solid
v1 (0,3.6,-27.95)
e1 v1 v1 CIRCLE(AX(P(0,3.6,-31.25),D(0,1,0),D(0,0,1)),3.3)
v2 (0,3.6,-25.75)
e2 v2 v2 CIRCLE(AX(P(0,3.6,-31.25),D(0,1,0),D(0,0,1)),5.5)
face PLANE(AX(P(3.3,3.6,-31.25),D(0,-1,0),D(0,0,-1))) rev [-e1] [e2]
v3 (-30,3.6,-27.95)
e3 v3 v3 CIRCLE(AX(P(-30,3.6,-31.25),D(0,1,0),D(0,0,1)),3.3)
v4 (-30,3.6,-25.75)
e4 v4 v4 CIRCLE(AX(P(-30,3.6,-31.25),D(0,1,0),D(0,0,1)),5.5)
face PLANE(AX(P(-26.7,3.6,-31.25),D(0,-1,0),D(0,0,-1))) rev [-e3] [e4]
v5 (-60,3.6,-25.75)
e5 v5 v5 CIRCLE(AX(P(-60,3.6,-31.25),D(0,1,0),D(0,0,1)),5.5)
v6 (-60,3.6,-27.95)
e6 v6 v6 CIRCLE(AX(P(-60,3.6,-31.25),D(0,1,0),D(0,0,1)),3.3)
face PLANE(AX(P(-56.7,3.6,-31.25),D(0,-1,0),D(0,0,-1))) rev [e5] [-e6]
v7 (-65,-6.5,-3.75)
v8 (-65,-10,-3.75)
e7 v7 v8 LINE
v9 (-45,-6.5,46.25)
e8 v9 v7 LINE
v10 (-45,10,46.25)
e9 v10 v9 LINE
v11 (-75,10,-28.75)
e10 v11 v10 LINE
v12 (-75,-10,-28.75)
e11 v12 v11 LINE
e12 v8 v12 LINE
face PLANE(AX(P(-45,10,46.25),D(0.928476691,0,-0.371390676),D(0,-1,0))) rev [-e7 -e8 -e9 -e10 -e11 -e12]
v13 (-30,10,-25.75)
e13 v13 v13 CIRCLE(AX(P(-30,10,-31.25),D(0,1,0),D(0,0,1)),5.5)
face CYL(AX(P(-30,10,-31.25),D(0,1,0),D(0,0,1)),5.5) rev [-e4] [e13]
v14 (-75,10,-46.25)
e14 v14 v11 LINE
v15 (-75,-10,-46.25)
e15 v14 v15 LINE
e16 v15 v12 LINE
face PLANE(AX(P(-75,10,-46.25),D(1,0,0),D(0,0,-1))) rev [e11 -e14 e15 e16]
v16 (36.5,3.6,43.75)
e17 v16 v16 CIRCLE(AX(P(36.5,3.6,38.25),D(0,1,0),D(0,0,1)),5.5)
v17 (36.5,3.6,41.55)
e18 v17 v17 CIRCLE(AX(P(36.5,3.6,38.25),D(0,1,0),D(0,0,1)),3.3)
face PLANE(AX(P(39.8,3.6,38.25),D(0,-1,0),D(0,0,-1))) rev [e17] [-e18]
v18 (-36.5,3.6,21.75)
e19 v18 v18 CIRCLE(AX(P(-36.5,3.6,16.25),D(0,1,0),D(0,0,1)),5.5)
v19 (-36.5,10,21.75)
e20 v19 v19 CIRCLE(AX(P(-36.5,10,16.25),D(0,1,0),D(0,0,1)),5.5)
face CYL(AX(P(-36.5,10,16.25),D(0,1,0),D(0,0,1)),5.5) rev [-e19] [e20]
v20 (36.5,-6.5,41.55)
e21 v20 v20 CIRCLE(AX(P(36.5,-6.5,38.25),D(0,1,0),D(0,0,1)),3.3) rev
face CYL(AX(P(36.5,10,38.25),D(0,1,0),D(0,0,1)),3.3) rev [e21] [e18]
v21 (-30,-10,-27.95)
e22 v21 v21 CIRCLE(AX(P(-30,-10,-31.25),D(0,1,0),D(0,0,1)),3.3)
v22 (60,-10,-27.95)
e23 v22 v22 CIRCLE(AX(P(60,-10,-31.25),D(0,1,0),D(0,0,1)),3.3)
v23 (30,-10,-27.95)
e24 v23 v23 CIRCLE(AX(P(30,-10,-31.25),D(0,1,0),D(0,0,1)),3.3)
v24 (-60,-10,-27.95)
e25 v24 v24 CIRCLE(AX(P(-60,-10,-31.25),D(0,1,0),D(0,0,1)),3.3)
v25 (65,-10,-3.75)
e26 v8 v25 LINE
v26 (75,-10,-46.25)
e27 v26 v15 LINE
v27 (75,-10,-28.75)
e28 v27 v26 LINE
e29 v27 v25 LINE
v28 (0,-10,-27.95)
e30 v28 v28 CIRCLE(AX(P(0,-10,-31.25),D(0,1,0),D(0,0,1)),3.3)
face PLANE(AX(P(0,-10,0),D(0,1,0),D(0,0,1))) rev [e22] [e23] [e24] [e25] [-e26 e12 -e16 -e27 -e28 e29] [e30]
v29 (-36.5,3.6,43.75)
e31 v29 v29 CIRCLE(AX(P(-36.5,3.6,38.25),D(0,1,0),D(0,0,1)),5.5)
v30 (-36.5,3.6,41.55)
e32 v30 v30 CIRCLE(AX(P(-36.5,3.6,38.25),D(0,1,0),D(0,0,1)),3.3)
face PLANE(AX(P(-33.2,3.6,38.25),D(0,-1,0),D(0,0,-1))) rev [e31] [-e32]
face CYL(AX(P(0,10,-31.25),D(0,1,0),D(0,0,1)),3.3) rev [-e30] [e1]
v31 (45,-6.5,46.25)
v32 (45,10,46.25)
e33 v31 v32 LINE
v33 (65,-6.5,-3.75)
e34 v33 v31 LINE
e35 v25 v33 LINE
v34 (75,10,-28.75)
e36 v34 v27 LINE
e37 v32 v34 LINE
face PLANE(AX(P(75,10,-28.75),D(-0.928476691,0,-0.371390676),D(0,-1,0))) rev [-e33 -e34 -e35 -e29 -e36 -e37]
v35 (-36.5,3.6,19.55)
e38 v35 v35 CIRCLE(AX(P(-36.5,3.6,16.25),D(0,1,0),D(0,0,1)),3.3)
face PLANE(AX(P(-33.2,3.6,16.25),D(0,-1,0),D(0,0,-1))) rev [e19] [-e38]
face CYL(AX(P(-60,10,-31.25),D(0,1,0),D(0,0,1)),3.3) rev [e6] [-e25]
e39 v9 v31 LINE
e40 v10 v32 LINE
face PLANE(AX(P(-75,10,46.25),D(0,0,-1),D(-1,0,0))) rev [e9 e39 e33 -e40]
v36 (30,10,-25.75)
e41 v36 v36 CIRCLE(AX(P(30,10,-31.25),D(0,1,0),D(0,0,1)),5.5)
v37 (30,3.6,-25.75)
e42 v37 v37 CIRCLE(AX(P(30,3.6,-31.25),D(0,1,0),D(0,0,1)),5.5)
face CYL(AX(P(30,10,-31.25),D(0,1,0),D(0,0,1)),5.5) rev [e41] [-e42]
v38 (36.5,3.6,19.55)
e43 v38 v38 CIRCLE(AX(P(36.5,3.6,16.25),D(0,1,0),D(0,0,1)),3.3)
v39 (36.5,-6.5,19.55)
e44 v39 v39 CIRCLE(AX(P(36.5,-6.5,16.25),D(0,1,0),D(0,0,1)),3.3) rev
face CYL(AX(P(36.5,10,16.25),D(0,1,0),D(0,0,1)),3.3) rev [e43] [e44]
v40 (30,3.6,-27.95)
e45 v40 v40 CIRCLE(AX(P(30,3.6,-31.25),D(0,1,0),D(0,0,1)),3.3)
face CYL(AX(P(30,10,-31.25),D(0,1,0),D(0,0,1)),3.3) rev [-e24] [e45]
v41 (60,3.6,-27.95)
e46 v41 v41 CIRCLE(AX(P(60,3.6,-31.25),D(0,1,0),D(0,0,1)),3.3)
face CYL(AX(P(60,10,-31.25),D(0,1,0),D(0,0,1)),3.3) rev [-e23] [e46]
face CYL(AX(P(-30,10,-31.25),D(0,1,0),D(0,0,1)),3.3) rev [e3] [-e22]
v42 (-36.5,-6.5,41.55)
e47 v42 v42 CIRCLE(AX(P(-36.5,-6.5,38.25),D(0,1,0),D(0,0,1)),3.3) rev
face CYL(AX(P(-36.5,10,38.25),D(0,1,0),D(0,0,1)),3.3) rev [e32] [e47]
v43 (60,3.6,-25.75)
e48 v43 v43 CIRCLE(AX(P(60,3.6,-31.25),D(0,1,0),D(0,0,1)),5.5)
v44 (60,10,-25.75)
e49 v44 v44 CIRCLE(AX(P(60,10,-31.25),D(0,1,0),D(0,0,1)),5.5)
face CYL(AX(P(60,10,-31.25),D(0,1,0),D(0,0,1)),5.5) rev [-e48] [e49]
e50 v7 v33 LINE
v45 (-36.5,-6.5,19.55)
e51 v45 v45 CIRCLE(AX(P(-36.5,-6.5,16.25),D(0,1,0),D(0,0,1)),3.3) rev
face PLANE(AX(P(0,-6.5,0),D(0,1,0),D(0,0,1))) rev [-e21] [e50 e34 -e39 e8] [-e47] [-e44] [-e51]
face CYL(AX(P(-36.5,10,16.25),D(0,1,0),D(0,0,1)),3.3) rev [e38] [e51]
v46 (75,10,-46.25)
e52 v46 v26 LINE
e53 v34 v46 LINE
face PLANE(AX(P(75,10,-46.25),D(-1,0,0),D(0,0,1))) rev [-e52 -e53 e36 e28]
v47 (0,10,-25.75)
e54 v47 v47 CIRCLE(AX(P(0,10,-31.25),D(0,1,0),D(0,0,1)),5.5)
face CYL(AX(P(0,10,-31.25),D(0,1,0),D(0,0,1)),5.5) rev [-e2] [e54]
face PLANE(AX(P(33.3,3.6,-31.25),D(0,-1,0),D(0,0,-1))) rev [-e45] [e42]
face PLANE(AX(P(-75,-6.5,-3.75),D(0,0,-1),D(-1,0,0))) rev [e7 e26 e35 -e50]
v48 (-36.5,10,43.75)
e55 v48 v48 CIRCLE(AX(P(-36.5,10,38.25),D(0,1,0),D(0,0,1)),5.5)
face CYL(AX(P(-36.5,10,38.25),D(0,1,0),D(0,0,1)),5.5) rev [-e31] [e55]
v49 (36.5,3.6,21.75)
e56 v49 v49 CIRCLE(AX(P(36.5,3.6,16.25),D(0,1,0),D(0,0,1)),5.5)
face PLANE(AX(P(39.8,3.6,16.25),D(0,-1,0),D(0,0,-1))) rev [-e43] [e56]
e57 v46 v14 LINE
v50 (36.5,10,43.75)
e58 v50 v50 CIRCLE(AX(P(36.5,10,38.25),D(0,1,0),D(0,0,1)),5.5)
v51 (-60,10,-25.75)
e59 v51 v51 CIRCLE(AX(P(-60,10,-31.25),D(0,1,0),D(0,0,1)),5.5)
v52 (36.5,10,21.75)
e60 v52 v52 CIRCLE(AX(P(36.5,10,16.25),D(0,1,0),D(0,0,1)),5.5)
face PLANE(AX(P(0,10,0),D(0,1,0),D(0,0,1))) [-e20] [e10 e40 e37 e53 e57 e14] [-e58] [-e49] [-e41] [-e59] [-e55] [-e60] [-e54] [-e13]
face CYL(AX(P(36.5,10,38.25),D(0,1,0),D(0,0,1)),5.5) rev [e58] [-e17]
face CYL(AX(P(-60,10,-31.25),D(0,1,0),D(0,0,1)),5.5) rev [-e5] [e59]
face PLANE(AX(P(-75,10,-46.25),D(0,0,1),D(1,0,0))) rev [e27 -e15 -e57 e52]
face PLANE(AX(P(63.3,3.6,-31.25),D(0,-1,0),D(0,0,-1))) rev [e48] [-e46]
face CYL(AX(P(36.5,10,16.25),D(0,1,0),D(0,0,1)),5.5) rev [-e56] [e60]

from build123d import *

# Parameters (mm, degrees)
SKETCH1_W                                           = 150
SKETCH1_H                                           = 92.5
BOSS_EXTRUDE1_DEPTH                                 = 10
CHAMFER2_SIZE                                       = 75
CHAMFER2_SIZE2                                      = 30
CHAMFER3_SIZE                                       = 30
CHAMFER3_SIZE2                                      = 75
CBORE_FOR_M6_HEX_SOCKET_HEAD_CAP_SCREW1_D           = 6.6
CBORE_FOR_M6_HEX_SOCKET_HEAD_CAP_SCREW1_CBORE_D     = 11
CBORE_FOR_M6_HEX_SOCKET_HEAD_CAP_SCREW1_CBORE_DEPTH = 6.4
CBORE_FOR_M6_HEX_SOCKET_HEAD_CAP_SCREW2_D           = 6.6
CBORE_FOR_M6_HEX_SOCKET_HEAD_CAP_SCREW2_CBORE_D     = 11
CBORE_FOR_M6_HEX_SOCKET_HEAD_CAP_SCREW2_CBORE_DEPTH = 6.4
SKETCH11_W                                          = 150
SKETCH11_H                                          = 60
CUT_EXTRUDE1_DEPTH                                  = 3.5


with BuildPart() as part:
    # Sketch1 → Boss-Extrude1 (new, symmetric)
    with BuildSketch(Plane(origin=(0, 0, 0), x_dir=(1, 0, 0), z_dir=(0, 1, 0))):
        Rectangle(SKETCH1_W, SKETCH1_H)
    extrude(amount=BOSS_EXTRUDE1_DEPTH, both=True)

    # Chamfer2
    chamfer2_edges = [part.edges().sort_by_distance(p)[0] for p in [
        (-75, 0, 46.25),
    ]]
    chamfer2_side = [part.faces().sort_by_distance(p)[0] for p in [
        (-75, 0, 0),
    ]]
    chamfer(chamfer2_edges, length=CHAMFER2_SIZE, length2=CHAMFER2_SIZE2, reference=chamfer2_side[0])

    # Chamfer3
    chamfer3_edges = [part.edges().sort_by_distance(p)[0] for p in [
        (75, 0, 46.25),
    ]]
    chamfer3_side = [part.faces().sort_by_distance(p)[0] for p in [
        (15, 0, 46.25),
    ]]
    chamfer(chamfer3_edges, length=CHAMFER3_SIZE, length2=CHAMFER3_SIZE2, reference=chamfer3_side[0])

    # CBORE for M6 Hex Socket Head Cap Screw1 (through all)
    with Locations(Plane(origin=(0, 10, 0), x_dir=(1, 0, 0), z_dir=(0, 1, 0))):
        with Locations((-60, 31.25), (-30, 31.25), (0, 31.25), (30, 31.25), (60, 31.25)):
            CounterBoreHole(CBORE_FOR_M6_HEX_SOCKET_HEAD_CAP_SCREW1_D / 2, CBORE_FOR_M6_HEX_SOCKET_HEAD_CAP_SCREW1_CBORE_D / 2, CBORE_FOR_M6_HEX_SOCKET_HEAD_CAP_SCREW1_CBORE_DEPTH)

    # CBORE for M6 Hex Socket Head Cap Screw2 (through all)
    with Locations(Plane(origin=(0, 10, 0), x_dir=(1, 0, 0), z_dir=(0, 1, 0))):
        with Locations((-36.5, -38.25), (-36.5, -16.25), (36.5, -16.25), (36.5, -38.25)):
            CounterBoreHole(CBORE_FOR_M6_HEX_SOCKET_HEAD_CAP_SCREW2_D / 2, CBORE_FOR_M6_HEX_SOCKET_HEAD_CAP_SCREW2_CBORE_D / 2, CBORE_FOR_M6_HEX_SOCKET_HEAD_CAP_SCREW2_CBORE_DEPTH)

    # Sketch11 → Cut-Extrude1 (cut)
    with BuildSketch(Plane.XZ.offset(10)):
        with Locations((0, 26.25)):
            Rectangle(SKETCH11_W, SKETCH11_H)
    extrude(amount=-CUT_EXTRUDE1_DEPTH, mode=Mode.SUBTRACT)


solid = part.part
